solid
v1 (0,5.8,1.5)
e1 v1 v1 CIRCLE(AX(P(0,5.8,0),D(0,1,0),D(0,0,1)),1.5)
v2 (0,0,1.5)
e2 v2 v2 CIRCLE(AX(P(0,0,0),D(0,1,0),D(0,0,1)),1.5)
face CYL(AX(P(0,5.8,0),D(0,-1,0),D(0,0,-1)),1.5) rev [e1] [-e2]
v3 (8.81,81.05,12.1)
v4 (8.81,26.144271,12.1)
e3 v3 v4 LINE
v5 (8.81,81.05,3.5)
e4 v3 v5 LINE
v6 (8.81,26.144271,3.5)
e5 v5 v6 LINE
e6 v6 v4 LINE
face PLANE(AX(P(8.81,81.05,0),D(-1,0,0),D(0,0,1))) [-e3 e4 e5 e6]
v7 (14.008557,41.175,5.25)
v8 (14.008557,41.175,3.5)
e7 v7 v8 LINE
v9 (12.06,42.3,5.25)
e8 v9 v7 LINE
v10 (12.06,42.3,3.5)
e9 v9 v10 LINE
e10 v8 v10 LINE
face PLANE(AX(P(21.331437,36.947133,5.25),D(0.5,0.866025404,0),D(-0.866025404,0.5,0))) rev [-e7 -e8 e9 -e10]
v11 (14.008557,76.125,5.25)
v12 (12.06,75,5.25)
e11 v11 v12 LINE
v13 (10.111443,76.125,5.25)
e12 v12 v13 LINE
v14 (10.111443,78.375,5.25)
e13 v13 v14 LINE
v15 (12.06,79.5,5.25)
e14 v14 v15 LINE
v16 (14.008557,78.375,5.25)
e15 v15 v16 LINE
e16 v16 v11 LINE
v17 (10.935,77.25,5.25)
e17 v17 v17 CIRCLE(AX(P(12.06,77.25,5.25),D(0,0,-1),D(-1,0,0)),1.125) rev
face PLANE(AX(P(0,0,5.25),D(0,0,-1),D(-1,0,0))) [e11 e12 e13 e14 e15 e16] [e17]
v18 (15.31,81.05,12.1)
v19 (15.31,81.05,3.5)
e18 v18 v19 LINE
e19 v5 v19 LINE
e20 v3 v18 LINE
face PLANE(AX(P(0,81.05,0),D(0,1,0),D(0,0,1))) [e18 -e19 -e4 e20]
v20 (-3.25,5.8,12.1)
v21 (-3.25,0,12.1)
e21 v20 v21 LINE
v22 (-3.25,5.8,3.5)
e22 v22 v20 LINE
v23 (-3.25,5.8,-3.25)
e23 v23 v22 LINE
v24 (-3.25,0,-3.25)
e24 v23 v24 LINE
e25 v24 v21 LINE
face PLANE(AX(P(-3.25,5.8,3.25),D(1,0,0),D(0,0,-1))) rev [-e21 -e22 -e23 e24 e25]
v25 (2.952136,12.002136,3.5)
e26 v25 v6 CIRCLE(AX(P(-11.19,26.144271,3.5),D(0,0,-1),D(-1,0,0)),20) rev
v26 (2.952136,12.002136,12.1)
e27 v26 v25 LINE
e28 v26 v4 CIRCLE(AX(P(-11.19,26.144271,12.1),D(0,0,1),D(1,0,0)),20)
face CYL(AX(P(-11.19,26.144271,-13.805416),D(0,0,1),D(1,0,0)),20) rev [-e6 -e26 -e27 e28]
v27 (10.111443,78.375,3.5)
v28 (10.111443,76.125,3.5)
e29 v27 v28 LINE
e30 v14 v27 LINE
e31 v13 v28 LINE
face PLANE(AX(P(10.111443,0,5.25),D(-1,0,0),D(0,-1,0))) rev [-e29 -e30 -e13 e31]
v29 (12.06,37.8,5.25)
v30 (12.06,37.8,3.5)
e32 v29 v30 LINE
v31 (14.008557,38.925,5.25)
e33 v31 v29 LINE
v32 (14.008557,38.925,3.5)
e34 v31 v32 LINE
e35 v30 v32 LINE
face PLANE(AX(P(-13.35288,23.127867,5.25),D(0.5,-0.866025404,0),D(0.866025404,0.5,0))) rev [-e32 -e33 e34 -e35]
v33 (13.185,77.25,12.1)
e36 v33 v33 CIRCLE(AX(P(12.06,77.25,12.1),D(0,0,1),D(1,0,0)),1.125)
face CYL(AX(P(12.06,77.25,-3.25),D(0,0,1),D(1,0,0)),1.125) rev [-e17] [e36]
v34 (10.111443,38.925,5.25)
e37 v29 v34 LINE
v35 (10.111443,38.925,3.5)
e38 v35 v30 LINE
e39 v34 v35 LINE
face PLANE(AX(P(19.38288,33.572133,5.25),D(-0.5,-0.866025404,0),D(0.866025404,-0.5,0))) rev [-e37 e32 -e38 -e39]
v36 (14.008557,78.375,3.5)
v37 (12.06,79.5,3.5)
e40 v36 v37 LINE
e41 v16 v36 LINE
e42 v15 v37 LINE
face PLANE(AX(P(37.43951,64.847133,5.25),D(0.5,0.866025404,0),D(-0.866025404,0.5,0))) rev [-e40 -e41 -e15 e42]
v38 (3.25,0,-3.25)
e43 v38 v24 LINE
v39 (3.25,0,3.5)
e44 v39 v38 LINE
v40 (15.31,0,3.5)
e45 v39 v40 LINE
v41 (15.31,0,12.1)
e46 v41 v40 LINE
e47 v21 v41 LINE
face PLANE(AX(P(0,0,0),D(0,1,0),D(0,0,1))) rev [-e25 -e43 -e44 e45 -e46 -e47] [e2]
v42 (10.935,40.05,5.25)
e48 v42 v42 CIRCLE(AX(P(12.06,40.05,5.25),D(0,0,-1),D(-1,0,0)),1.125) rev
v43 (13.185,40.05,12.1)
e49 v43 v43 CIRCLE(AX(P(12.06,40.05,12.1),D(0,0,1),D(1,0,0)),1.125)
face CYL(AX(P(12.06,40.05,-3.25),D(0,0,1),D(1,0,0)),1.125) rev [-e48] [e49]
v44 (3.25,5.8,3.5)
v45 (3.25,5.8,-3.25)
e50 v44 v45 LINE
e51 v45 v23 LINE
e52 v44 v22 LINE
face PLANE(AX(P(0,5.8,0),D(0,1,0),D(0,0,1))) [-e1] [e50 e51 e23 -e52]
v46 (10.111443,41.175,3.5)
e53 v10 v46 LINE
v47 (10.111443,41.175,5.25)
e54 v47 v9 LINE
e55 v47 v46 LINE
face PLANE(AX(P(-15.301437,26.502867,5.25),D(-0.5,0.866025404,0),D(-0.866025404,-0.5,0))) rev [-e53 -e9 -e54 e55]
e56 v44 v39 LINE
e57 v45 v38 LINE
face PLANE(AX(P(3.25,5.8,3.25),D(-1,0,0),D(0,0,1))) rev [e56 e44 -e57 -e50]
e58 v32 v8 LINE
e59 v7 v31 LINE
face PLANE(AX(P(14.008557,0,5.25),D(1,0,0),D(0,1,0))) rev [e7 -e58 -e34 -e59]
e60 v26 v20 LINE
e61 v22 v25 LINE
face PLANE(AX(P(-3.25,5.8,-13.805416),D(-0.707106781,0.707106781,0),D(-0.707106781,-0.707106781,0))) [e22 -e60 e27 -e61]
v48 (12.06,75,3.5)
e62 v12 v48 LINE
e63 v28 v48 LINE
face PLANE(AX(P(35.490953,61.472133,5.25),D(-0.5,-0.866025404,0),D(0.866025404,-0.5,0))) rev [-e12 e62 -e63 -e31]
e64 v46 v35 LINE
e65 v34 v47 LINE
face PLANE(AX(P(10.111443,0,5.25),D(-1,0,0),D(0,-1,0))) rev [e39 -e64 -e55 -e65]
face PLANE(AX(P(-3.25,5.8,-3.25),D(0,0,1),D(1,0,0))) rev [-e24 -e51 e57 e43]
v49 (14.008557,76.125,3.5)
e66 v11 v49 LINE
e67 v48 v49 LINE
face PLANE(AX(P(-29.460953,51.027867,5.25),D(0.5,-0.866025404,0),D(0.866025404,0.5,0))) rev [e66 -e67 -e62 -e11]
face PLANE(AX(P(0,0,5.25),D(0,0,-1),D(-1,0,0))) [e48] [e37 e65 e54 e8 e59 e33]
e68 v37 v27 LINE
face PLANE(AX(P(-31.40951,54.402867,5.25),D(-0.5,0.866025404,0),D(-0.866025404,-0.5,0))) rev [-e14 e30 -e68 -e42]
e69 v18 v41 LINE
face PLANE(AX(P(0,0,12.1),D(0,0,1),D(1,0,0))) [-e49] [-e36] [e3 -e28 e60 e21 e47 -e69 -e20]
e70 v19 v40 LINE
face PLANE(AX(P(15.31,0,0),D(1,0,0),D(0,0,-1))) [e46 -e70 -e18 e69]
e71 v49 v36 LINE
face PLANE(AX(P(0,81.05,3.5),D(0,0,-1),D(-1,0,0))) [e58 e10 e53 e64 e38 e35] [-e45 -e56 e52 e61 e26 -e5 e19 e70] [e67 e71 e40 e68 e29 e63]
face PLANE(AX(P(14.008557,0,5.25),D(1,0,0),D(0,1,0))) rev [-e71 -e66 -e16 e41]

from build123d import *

# Parameters (mm, degrees)
SKETCH1_W           = 6.5
SKETCH1_H           = 6.5
SKETCH1_R           = 1.5
BOSS_EXTRUDE1_DEPTH = 5.8
SKETCH2_W           = 6.5
SKETCH2_H           = 5.8
BOSS_EXTRUDE2_DEPTH = 8.85
SKETCH6_W           = 8.85
SKETCH6_H           = 5.8
BOSS_EXTRUDE6_DEPTH = 12.06
SKETCH7_W           = 6.5
SKETCH7_H           = 8.85
BOSS_EXTRUDE7_DEPTH = 75.25
BOSS_EXTRUDE8_DEPTH = 8.85
FILLET3_R           = 20
SKETCH10_R          = 1.125
CUT_EXTRUDE1_DEPTH  = 84.899470201
CUT_EXTRUDE2_START  = -2
SKETCH11_R          = 1.125
CUT_EXTRUDE2_DEPTH  = 2
SKETCH13_W          = 12.06
SKETCH13_H          = 0.25
CUT_EXTRUDE4_DEPTH  = 84.36611182
SKETCH14_W          = 6.5
SKETCH14_H          = 0.25
CUT_EXTRUDE5_DEPTH  = 78.739105989


with BuildPart() as part:
    # Sketch1 → Boss-Extrude1 (new body)
    with BuildSketch(Plane(origin=(0, 0, 0), x_dir=(1, 0, 0), z_dir=(0, 1, 0))):
        Rectangle(SKETCH1_W, SKETCH1_H)
        with Locations(Location((0, 0, 0), (0, 0, 270))):
            Circle(SKETCH1_R, mode=Mode.SUBTRACT)
    extrude(amount=BOSS_EXTRUDE1_DEPTH)

    # Sketch2 → Boss-Extrude2 (add)
    with BuildSketch(Plane.XY.offset(3.25)):
        with Locations((0, 2.9)):
            Rectangle(SKETCH2_W, SKETCH2_H)
    extrude(amount=BOSS_EXTRUDE2_DEPTH)

    # Sketch6 → Boss-Extrude6 (add)
    with BuildSketch(Plane(origin=(3.25, 0, 0), x_dir=(0, 0, -1), z_dir=(1, 0, 0))):
        with Locations((-7.675, 2.9)):
            Rectangle(SKETCH6_W, SKETCH6_H)
    extrude(amount=BOSS_EXTRUDE6_DEPTH)

    # Sketch7 → Boss-Extrude7 (add)
    with BuildSketch(Plane(origin=(0, 5.8, 0), x_dir=(1, 0, 0), z_dir=(0, 1, 0))):
        with Locations((12.06, -7.675)):
            Rectangle(SKETCH7_W, SKETCH7_H)
    extrude(amount=BOSS_EXTRUDE7_DEPTH)

    # Sketch8 → Boss-Extrude8 (add)
    with BuildSketch(Plane.XY.offset(12.1)):
        Polygon((-3.25, 5.8), (8.81, 5.8), (8.81, 17.86), align=None)
    extrude(amount=-BOSS_EXTRUDE8_DEPTH)

    # Fillet3
    fillet3_edges = [part.edges().sort_by_distance(p)[0] for p in [
        (8.81, 17.86, 7.675),
    ]]
    fillet(fillet3_edges, radius=FILLET3_R)

    # Sketch10 → Cut-Extrude1 (cut, through all)
    with BuildSketch(Plane.XY.offset(12.1)):
        with Locations((12.06, 77.25)):
            Circle(SKETCH10_R)
        with Locations((12.06, 40.05)):
            Circle(SKETCH10_R)
    extrude(amount=-CUT_EXTRUDE1_DEPTH, mode=Mode.SUBTRACT)

    # Sketch11 → Cut-Extrude2 (cut)
    # profile 1 of 2: a face of its own
    with BuildSketch(Plane(origin=(0, 0, 3.25), x_dir=(-1, 0, 0), z_dir=(0, 0, -1)).offset(CUT_EXTRUDE2_START)):
        Polygon((-10.111442841, 76.125), (-10.111442841, 78.375), (-12.06, 79.5), (-14.008557159, 78.375), (-14.008557159, 76.125), (-12.06, 75), align=None)
        with Locations(Location((-12.06, 77.25, 0), (0, 0, 180))):
            Circle(SKETCH11_R, mode=Mode.SUBTRACT)
    # profile 2 of 2: a face of its own
    with BuildSketch(Plane(origin=(0, 0, 3.25), x_dir=(-1, 0, 0), z_dir=(0, 0, -1)).offset(CUT_EXTRUDE2_START)):
        Polygon((-10.111442841, 38.925), (-10.111442841, 41.175), (-12.06, 42.3), (-14.008557159, 41.175), (-14.008557159, 38.925), (-12.06, 37.8), align=None)
        with Locations(Location((-12.06, 40.05, 0), (0, 0, 180))):
            Circle(SKETCH11_R, mode=Mode.SUBTRACT)
    extrude(amount=CUT_EXTRUDE2_DEPTH, mode=Mode.SUBTRACT)

    # Sketch13 → Cut-Extrude4 (cut, through all)
    with BuildSketch(Plane(origin=(0, 0, 0), x_dir=(-1, 0, 0), z_dir=(0, -1, 0))):
        with Locations((-9.28, -3.375)):
            Rectangle(SKETCH13_W, SKETCH13_H)
    extrude(amount=-CUT_EXTRUDE4_DEPTH, mode=Mode.SUBTRACT)

    # Sketch14 → Cut-Extrude5 (cut, through all)
    with BuildSketch(Plane(origin=(0, 5.8, 0), x_dir=(1, 0, 0), z_dir=(0, 1, 0))):
        with Locations((0, -3.375)):
            Rectangle(SKETCH14_W, SKETCH14_H)
    extrude(amount=CUT_EXTRUDE5_DEPTH, mode=Mode.SUBTRACT)


solid = part.part
